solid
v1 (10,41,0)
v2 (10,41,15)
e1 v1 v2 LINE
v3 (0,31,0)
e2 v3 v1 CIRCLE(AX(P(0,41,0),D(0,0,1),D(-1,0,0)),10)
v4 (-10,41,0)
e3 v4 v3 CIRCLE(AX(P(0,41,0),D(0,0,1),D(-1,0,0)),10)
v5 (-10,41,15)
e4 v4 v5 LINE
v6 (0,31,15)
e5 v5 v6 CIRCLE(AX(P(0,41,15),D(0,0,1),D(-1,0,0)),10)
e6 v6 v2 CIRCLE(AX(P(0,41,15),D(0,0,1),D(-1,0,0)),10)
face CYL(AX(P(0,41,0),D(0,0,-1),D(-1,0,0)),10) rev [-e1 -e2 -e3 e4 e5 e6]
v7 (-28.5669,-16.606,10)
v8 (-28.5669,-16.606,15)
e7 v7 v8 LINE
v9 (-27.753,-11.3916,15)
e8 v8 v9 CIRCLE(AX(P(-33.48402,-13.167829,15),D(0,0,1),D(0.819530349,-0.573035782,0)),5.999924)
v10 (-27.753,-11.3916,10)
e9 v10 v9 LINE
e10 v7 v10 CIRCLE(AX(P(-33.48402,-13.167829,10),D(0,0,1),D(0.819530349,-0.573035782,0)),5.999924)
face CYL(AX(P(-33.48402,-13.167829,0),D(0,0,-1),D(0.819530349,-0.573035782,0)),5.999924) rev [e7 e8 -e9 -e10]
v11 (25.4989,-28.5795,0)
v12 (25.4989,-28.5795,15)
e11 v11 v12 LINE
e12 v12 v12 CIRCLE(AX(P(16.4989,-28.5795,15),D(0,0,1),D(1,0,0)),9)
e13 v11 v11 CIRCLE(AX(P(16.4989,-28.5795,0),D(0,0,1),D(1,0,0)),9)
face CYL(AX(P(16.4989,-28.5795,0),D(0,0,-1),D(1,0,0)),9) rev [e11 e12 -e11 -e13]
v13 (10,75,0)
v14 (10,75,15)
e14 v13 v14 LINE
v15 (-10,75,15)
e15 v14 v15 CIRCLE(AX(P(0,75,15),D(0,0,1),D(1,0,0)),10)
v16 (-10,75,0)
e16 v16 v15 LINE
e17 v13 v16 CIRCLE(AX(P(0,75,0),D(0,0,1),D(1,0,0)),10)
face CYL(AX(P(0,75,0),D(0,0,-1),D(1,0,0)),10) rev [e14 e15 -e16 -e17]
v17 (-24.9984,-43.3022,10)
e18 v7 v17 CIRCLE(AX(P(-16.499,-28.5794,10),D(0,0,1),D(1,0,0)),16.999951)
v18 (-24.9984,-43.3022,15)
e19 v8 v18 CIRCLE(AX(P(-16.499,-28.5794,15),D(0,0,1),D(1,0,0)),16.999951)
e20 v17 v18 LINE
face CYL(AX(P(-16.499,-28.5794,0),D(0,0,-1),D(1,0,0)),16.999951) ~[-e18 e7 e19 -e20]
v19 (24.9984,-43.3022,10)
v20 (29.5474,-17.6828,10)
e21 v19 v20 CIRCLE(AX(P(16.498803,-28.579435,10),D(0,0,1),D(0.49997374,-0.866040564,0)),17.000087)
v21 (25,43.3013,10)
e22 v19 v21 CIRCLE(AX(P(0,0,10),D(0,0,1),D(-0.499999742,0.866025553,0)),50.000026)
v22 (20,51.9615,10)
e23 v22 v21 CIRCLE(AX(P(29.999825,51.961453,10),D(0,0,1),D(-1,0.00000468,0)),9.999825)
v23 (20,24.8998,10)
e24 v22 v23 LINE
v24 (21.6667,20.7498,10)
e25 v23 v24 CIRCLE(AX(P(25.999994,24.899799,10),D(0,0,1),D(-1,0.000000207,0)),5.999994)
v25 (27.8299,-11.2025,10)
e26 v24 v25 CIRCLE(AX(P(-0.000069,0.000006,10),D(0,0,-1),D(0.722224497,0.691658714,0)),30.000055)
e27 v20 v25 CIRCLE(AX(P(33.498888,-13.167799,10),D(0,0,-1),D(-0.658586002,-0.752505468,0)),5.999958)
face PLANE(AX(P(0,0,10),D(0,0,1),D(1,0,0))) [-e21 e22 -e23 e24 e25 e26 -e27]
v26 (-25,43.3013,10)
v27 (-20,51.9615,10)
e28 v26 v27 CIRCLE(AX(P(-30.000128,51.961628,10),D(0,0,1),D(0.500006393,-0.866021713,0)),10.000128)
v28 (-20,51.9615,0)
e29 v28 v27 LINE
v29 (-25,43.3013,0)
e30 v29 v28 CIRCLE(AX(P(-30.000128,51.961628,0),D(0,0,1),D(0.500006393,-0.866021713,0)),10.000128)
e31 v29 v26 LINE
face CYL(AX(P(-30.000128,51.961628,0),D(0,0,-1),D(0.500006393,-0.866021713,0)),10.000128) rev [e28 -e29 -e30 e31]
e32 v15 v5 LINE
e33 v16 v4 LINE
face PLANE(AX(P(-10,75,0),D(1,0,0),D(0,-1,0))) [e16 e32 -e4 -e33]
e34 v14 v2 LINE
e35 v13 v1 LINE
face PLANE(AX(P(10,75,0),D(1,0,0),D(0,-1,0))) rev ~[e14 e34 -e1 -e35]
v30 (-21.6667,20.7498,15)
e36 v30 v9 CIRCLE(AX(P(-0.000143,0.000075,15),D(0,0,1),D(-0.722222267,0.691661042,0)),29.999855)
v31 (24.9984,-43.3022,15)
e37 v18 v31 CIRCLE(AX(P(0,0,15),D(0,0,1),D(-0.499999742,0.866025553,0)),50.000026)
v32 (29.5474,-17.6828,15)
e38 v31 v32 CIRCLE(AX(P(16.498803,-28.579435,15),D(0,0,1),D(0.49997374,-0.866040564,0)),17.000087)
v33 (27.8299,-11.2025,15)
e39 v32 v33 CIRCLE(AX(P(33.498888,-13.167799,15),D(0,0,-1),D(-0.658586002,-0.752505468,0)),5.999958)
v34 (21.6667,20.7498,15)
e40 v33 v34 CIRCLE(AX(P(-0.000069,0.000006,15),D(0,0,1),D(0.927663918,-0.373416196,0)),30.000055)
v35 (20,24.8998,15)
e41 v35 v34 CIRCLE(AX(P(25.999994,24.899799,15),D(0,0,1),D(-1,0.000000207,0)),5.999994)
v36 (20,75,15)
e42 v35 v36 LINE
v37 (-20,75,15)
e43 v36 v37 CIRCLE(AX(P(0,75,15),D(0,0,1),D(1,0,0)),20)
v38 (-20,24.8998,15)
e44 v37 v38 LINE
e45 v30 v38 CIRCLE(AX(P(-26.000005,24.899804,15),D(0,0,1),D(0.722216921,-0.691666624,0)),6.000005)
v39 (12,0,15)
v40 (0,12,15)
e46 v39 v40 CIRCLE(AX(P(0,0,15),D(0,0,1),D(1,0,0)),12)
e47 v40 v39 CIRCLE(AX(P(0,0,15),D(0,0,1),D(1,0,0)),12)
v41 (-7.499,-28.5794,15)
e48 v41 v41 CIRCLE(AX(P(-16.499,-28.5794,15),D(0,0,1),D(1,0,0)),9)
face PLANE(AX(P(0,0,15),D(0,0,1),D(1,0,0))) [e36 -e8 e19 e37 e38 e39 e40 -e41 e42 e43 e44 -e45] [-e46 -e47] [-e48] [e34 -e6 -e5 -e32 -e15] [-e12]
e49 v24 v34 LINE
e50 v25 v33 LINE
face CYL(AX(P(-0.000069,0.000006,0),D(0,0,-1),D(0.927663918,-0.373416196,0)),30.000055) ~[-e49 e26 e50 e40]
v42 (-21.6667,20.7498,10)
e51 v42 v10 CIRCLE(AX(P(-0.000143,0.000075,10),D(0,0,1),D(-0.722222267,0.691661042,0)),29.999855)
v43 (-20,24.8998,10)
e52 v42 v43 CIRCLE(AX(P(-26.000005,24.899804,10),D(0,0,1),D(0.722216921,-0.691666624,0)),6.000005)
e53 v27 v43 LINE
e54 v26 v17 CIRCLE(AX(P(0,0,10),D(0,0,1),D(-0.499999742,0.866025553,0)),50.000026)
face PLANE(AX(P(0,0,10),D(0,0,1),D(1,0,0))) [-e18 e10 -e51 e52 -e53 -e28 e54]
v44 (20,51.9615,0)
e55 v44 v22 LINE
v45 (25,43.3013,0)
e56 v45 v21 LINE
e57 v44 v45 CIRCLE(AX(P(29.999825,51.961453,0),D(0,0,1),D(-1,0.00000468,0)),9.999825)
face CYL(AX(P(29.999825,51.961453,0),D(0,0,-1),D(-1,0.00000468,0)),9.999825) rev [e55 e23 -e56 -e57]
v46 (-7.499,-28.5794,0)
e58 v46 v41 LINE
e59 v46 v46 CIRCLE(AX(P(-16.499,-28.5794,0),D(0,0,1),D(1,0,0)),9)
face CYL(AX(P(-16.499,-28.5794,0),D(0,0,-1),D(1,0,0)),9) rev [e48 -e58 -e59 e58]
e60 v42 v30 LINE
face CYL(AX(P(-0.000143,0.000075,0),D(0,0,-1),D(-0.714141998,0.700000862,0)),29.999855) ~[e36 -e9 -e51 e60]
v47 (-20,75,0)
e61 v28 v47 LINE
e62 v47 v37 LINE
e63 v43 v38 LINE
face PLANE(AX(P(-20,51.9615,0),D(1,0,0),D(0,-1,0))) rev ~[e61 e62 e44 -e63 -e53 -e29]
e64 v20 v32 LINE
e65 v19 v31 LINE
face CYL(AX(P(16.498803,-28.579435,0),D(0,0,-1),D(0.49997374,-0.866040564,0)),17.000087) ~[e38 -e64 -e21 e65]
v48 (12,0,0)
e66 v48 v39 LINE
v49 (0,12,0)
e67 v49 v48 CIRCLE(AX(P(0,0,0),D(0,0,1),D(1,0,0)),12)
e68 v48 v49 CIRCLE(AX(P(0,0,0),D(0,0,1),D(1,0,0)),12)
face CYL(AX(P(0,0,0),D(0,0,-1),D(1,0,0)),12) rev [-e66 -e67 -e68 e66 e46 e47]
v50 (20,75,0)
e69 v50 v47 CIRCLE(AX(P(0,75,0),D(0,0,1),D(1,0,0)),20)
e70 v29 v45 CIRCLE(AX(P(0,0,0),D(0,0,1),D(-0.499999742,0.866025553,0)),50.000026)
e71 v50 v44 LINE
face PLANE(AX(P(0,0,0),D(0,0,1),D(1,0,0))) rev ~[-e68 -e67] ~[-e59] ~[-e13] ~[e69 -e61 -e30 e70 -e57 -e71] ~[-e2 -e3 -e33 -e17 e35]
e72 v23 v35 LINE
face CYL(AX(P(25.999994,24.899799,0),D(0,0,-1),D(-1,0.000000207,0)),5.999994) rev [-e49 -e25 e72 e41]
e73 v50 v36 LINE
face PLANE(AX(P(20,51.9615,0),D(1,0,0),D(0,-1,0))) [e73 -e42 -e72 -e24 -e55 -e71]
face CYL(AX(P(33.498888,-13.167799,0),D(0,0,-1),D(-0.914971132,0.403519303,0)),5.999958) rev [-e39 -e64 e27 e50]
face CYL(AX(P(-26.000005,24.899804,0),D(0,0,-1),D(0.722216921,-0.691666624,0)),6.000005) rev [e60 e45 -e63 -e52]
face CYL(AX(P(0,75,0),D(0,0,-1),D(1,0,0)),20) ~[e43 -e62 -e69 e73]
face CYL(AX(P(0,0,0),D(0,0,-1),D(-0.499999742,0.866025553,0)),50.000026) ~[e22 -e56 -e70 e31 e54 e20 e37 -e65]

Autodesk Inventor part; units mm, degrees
ref_plane "YZ Plane" through (0, 0, 0) normal (1, 0, 0) x (0, 1, 0)
ref_plane "XZ Plane" through (0, 0, 0) normal (0, 1, 0) x (-1, 0, 0)
ref_plane "XY Plane" through (0, 0, 0) normal (0, 0, 1) x (1, 0, 0)
sketch "Эскиз1" plane through (0, 0, 0) normal (0, 0, 1) x (1, 0, 0)
  arc A0 (-25, 43.3013) -> (25, 43.3013) centre (0, 0) ccw
  circle A1 centre (0, 0) radius 12
  line L0 (-50, 0) -> (50, 0) construction
  line L1 (0, 0) -> (-24.9984, -43.3022) construction
  line L2 (0, 0) -> (25.0049, -43.3022) construction
  circle A2 centre (0, 0) radius 33 construction
  circle A3 centre (-16.499, -28.5794) radius 9
  circle A4 centre (16.4989, -28.5795) radius 9
  arc A5 (-28.5669, -16.606) -> (-28.0784, -10.5643) centre (-33.4841, -13.1678) ccw
  arc A6 (-26.1975, -14.6174) -> (-26.1978, -14.6176) centre (-16.499, -28.5794) ccw
  arc A7 (-28.5357, -16.5745) -> (-24.9984, -43.3022) centre (-16.499, -28.5794) ccw
  line L3 (0, 0) -> (0, 75)
  arc A8 (20, 75) -> (-20, 75) centre (0, 75) ccw
  arc A9 (10, 75) -> (-10, 75) centre (0, 75) ccw
  line L4 (0, 75) -> (0, 41)
  arc A10 (-20, 41) -> (20, 41) centre (0, 41) ccw construction
  arc A11 (-10, 41) -> (10, 41) centre (0, 41) ccw
  line L5 (-10, 75) -> (-10, 41)
  line L6 (10, 75) -> (10, 41)
  line L7 (0, 21) -> (-26, 21) construction
  line L8 (0, 21) -> (26, 21) construction
  line L9 (-28.0784, -10.5643) -> (28.0784, -10.5643) construction
  arc A12 (28.0091, -10.7467) -> (29.5474, -17.6828) centre (33.4989, -13.1678) ccw
  arc A13 (-0.4419, -29.9967) -> (0.0837, -32.9999) centre (16.4989, -28.5795) ccw
  arc A14 (24.9984, -43.3022) -> (28.5357, -16.5746) centre (16.4989, -28.5795) ccw
  arc A15 (-25, 43.3013) -> (-20, 51.9615) centre (-30, 51.9615) ccw
  arc A16 (20, 51.9615) -> (25, 43.3013) centre (30, 51.9615) ccw
  arc A17 (20, 24.8998) -> (21.6667, 20.7498) centre (26, 24.8998) ccw
  arc A18 (-21.6667, 20.7498) -> (-20, 24.8998) centre (-26, 24.8998) ccw
  arc A19 (-21.4243, 21) -> (-27.753, -11.3916) centre (0, 0) ccw
  arc A20 (27.8299, -11.2025) -> (21.4243, 21) centre (0, 0) ccw
  arc A21 (-24.9984, -43.3022) -> (24.9984, -43.3022) centre (0, 0) ccw
  line L10 (-20, 75) -> (-20, 51.9615)
  line L11 (20, 75) -> (20, 51.9615)
  line L12 (20, 51.9615) -> (20, 24.8998)
  line L13 (-20, 51.9615) -> (-20, 24.8998)
  dimension "d0" = 100
  dimension "d1" = 24
  dimension "d2" = 66
  dimension "d3" = 18
  dimension "d4" = 18
  dimension "d7" = 12
  dimension "d10" = 75
  dimension "d11" = 20
  dimension "d12" = 10
  dimension "d13" = 34
  dimension "d14" = 20
  dimension "d15" = 10
  dimension "d24" = 26
  dimension "d25" = 26
  dimension "d29" = 12
  dimension "d30" = 20
  dimension "d31" = 20
  dimension "d32" = 17
  dimension "d37" = 21
  dimension "d38" = 31.5643
  dimension "d40" = 34.1678
  dimension "d66" = 12
  dimension "d67" = 12
  dimension "d68" = 30
  dimension "d69" = 30
  dimension "d70" = 30.004
  dimension "d71" = 150.002
  dimension "d72" = 13.4989
  dimension "d73" = 9.5474
  dimension "d74" = 8.0784
  dimension "d75" = 8.0091
  dimension "d76" = 5.0049
  dimension "d77" = 0
  dimension "d78" = 20.4419
  dimension "d79" = 46.1975
  dimension "d80" = 46.1978
  dimension "d81" = 47.753
  dimension "d82" = 48.0784
extrude "Выдавливание1" add sketch "Эскиз1" along normal blind 10 contours A15 L13 A18 A19 A5 A6 A0 | A14 A12 A20 A17 L12 A16 A0 | A12 A14
extrude "Выдавливание2" add sketch "Эскиз1" along normal blind 15 contours A6 A5 A19 A18 L13 L10 A8 L11 L12 A17 A20 A12 A14 A0 | A6 | A19 A5 | A12 A20
properties part number "лаб,2_2"
